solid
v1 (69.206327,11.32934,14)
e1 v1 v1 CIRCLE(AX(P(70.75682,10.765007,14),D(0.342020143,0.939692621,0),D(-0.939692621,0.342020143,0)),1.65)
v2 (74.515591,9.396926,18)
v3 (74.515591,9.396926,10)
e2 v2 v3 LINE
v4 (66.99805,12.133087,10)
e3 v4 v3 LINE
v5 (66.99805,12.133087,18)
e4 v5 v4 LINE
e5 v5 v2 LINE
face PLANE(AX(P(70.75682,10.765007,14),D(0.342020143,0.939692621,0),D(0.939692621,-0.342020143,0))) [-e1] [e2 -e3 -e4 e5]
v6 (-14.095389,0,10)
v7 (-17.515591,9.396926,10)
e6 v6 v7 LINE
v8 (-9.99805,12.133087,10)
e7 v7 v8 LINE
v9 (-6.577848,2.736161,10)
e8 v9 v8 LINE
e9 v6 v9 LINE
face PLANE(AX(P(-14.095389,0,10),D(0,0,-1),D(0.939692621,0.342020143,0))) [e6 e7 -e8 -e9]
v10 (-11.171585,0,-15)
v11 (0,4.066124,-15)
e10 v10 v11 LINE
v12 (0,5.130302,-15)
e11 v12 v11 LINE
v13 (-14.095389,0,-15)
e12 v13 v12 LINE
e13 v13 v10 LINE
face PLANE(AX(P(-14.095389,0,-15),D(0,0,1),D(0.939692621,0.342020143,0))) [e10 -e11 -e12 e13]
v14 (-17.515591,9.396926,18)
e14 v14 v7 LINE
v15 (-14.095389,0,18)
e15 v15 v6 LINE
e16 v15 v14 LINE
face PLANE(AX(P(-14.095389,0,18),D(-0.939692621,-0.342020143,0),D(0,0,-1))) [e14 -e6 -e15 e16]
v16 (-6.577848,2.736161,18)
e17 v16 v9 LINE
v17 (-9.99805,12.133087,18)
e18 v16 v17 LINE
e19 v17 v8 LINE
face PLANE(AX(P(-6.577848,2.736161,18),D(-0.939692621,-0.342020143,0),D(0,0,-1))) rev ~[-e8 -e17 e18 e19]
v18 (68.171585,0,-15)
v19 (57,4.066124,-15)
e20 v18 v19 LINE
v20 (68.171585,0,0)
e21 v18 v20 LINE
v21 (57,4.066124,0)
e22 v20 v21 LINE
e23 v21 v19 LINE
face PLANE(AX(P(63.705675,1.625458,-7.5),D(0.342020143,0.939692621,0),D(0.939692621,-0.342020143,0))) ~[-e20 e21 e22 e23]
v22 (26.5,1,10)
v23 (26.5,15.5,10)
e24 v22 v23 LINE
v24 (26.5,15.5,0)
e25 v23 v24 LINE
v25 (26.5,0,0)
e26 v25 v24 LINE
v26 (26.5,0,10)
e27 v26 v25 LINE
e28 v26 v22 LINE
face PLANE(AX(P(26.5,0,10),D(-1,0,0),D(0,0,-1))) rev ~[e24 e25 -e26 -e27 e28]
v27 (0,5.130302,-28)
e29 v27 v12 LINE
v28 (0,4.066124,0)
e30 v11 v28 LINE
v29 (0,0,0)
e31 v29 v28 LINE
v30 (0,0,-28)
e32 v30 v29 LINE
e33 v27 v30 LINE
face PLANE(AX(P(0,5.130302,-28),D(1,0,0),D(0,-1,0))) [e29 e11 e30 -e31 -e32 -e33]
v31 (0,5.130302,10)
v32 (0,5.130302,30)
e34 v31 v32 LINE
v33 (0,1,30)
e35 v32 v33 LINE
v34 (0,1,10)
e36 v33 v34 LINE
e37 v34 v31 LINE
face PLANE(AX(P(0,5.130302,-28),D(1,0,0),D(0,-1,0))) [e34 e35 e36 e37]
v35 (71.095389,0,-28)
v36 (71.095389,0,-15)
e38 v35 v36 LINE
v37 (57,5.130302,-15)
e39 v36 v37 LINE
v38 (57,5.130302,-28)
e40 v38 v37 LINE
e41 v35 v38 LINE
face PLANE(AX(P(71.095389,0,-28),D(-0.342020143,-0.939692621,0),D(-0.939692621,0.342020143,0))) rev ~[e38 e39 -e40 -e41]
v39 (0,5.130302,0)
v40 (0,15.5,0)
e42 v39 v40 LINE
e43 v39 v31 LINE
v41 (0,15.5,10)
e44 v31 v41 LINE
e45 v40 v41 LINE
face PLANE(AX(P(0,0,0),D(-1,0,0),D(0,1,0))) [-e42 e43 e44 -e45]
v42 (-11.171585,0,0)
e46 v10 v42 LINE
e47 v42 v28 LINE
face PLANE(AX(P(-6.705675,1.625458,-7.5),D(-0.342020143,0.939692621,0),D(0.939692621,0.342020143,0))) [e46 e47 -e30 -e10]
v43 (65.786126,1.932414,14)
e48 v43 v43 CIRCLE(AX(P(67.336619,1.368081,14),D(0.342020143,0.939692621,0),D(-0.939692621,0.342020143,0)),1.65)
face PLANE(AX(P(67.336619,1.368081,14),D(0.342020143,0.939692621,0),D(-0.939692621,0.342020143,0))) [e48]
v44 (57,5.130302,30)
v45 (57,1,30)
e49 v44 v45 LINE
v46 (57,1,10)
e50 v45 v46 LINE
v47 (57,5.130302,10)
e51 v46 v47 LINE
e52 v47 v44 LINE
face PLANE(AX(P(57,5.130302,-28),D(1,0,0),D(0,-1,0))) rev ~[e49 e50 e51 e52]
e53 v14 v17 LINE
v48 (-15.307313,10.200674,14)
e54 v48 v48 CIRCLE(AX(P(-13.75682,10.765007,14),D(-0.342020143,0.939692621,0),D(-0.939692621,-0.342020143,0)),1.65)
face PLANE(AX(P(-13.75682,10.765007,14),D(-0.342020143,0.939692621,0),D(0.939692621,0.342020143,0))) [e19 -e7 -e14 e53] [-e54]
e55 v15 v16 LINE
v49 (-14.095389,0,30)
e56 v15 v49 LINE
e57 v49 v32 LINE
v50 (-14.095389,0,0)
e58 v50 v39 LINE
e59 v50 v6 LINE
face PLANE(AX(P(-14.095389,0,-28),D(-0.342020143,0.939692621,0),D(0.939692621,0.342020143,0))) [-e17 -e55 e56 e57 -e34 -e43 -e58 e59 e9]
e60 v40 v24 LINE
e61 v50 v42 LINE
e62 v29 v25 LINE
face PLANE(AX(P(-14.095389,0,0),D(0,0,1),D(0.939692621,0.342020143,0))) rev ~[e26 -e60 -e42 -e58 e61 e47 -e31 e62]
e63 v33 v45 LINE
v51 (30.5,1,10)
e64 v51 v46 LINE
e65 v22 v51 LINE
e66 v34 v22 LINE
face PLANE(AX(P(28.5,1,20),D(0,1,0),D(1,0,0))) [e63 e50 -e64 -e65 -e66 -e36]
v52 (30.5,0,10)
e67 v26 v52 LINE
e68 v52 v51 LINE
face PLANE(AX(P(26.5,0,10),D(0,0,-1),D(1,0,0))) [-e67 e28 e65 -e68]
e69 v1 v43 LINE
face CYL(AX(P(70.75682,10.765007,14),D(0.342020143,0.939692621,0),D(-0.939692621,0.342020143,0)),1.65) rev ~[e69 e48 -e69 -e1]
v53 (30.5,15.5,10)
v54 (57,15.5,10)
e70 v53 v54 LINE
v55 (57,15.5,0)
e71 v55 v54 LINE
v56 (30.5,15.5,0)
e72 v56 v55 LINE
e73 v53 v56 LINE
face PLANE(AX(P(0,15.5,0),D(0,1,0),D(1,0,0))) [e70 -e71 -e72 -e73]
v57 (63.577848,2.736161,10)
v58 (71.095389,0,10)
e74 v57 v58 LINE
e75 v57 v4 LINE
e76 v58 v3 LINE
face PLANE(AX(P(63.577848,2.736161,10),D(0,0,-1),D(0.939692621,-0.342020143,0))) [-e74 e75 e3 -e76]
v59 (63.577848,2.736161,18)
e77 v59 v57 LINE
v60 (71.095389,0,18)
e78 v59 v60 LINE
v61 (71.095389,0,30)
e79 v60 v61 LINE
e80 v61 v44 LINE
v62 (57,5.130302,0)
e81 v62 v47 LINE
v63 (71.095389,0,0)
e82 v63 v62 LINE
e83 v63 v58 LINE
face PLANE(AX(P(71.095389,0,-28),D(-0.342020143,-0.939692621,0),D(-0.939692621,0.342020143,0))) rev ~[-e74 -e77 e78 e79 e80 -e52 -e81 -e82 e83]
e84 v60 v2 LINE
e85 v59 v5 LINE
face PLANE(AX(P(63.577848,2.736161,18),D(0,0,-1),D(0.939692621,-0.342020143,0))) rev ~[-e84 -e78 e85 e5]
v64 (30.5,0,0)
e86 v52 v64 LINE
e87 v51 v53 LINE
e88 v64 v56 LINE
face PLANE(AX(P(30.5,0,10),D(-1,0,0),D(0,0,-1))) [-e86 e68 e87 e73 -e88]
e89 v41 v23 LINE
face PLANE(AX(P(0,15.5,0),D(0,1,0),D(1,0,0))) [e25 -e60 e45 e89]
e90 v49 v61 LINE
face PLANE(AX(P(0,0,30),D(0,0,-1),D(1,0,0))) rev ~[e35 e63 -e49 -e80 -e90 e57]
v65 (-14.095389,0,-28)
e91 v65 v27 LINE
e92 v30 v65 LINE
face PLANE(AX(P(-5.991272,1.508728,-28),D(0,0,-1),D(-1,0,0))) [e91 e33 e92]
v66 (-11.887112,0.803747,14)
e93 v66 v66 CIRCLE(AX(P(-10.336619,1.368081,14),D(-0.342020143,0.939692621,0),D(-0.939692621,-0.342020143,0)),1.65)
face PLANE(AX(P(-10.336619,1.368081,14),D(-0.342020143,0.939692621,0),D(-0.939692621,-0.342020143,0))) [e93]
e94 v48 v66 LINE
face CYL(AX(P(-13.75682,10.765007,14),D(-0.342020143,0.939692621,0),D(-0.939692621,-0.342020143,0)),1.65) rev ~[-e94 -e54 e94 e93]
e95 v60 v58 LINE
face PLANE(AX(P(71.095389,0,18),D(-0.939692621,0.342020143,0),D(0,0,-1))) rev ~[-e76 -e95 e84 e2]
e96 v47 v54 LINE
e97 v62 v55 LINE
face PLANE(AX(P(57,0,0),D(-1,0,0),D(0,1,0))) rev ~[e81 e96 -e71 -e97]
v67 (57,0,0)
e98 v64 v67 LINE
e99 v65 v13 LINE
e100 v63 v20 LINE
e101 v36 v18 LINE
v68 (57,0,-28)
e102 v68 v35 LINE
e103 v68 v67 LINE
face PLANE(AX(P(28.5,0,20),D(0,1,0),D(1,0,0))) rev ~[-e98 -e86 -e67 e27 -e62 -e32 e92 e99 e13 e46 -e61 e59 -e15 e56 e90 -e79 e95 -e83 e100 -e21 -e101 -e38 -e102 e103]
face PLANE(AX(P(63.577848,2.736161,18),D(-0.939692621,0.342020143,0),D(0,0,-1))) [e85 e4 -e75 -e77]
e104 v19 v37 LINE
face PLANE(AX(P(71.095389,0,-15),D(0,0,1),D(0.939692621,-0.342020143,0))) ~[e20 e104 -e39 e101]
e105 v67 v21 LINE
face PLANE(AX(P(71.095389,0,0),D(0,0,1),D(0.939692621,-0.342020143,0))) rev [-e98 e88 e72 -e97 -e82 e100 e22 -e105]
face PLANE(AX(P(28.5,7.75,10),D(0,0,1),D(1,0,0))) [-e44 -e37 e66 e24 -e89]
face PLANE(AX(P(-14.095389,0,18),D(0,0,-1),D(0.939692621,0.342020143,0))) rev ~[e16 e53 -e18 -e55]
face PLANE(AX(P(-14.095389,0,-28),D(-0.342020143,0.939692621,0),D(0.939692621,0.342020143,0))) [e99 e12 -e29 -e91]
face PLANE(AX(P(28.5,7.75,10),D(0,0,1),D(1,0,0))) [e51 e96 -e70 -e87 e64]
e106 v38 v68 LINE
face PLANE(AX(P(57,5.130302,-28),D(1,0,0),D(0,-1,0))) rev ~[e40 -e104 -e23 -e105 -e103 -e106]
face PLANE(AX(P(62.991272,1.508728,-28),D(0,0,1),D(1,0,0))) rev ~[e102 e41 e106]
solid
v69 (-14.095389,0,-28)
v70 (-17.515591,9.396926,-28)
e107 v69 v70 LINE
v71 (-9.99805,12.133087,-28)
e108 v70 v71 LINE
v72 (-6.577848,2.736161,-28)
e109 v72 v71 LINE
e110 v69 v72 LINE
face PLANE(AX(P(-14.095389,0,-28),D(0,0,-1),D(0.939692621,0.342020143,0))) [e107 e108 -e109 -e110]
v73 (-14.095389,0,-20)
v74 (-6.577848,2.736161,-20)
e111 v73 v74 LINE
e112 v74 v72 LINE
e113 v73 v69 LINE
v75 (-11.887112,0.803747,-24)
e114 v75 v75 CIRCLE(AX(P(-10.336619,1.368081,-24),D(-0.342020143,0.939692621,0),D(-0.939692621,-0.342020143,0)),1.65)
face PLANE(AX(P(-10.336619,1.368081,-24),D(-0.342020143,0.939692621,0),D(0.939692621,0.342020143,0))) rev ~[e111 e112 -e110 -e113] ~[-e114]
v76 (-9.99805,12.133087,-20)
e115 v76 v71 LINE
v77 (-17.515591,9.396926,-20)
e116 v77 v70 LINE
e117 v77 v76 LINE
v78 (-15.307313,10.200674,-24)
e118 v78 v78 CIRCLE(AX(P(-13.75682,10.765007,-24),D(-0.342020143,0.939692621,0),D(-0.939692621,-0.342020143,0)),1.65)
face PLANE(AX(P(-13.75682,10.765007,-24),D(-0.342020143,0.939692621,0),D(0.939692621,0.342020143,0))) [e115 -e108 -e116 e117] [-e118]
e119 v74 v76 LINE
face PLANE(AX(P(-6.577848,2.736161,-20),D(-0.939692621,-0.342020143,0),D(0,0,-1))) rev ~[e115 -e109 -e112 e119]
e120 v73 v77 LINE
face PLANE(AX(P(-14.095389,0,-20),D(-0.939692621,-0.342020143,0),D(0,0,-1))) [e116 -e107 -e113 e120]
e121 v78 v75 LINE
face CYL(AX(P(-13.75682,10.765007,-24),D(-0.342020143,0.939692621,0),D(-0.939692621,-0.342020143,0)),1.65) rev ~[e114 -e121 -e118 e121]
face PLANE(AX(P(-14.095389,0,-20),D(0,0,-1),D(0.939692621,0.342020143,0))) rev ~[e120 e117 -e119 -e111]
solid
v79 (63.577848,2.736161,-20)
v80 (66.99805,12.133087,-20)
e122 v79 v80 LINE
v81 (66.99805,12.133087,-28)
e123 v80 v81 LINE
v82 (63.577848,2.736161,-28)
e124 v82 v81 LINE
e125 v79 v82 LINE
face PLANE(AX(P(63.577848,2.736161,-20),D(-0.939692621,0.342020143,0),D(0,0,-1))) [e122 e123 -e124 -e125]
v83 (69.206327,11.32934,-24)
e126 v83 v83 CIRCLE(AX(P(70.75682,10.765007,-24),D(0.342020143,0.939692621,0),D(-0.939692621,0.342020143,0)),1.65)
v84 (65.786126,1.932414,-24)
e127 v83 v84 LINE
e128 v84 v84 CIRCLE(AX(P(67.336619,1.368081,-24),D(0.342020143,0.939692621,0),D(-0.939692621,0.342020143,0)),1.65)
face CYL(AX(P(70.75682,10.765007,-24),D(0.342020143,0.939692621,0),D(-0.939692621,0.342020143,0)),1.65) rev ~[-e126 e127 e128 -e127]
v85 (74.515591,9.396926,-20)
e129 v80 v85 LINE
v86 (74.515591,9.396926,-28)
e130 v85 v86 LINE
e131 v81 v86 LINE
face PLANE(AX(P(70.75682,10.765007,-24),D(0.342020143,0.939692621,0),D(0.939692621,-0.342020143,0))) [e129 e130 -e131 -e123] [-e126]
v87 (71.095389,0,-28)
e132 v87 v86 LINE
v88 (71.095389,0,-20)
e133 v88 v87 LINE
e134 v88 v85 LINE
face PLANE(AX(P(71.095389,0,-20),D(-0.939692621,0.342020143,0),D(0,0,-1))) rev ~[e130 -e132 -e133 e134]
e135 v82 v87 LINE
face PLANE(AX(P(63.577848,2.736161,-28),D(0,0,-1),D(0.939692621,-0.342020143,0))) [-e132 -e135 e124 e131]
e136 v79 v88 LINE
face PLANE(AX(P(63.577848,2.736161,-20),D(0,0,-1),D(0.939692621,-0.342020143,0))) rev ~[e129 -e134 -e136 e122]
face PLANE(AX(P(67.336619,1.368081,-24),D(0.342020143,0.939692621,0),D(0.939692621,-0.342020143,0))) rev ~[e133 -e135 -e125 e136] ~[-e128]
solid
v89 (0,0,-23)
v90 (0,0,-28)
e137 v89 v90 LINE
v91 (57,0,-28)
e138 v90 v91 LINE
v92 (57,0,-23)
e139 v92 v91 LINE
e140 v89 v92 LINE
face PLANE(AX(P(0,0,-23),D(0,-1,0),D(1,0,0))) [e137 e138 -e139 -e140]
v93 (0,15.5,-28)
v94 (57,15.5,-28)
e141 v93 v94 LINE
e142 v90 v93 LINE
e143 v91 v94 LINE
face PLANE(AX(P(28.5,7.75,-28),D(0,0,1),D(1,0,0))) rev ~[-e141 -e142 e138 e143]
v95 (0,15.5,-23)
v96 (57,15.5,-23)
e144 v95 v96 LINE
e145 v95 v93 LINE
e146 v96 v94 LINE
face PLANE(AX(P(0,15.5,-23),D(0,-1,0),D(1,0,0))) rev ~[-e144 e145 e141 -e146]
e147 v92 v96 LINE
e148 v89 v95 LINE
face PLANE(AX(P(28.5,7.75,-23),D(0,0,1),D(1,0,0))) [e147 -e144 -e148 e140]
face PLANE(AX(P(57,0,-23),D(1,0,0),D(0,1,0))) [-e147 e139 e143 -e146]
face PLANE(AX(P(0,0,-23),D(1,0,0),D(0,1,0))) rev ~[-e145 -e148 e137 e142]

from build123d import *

# Parameters (mm, degrees)
BOSS_EXTRUDE1_DEPTH        = 30
BOSS_EXTRUDE1_DEPTH_BACK   = 28
BOSS_EXTRUDE1_2_DEPTH      = 30
BOSS_EXTRUDE1_2_DEPTH_BACK = 28
SKETCH3_W                  = 57
SKETCH3_H                  = 15.5
BOSS_EXTRUDE2_DEPTH        = 10
SKETCH4_W                  = 57
SKETCH4_H                  = 15.5
BOSS_EXTRUDE3_DEPTH        = 5
SKETCH8_W                  = 8
SKETCH8_H                  = 8
BOSS_EXTRUDE7_DEPTH        = 10
SKETCH9_R                  = 1.65
CUT_EXTRUDE1_DEPTH         = 10
SKETCH10_W                 = 8
SKETCH10_H                 = 8
BOSS_EXTRUDE8_DEPTH        = 10
SKETCH11_R                 = 1.65
CUT_EXTRUDE2_DEPTH         = 10
SKETCH12_W                 = 57
SKETCH12_H                 = 20
BOSS_EXTRUDE9_DEPTH        = 1
LPATTERN5_COUNT            = 2
LPATTERN5_PITCH            = 38
LPATTERN6_COUNT            = 2
LPATTERN6_PITCH            = 38
SKETCH13_W                 = 4
SKETCH13_H                 = 10
CUT_EXTRUDE3_DEPTH         = 15.5
SKETCH15_W                 = 15
SKETCH15_H                 = 15
CUT_EXTRUDE4_DEPTH         = 1


with BuildPart() as part:
    # Sketch2 → Boss-Extrude1 (new, two sides: drawn at the far end of the back side and taken through both)
    with BuildSketch(Plane.XY.offset(-BOSS_EXTRUDE1_DEPTH_BACK)):
        Polygon((-14.095389312, 0), (0, 5.13030215), (0, 0), align=None)
    extrude(amount=BOSS_EXTRUDE1_DEPTH + BOSS_EXTRUDE1_DEPTH_BACK)



with BuildPart() as body_2:
    # Sketch2 → Boss-Extrude1 2 (new, two sides: drawn at the far end of the back side and taken through both)
    with BuildSketch(Plane.XY.offset(-BOSS_EXTRUDE1_2_DEPTH_BACK)):
        Polygon((71.095389312, 0), (57, 5.13030215), (57, 0), align=None)
    extrude(amount=BOSS_EXTRUDE1_2_DEPTH + BOSS_EXTRUDE1_2_DEPTH_BACK)


with BuildPart() as part_1:
    add(part.part)

    add(body_2.part)  # Boss-Extrude2 merges body 2
    # Sketch3 → Boss-Extrude2 (add)
    with BuildSketch(Plane.XY):
        with Locations((28.5, 7.75)):
            Rectangle(SKETCH3_W, SKETCH3_H)
    extrude(amount=BOSS_EXTRUDE2_DEPTH)

    # Sketch12 → Boss-Extrude9 (add)
    with BuildSketch(Plane(origin=(0, 0, 0), x_dir=(1, 0, 0), z_dir=(0, 1, 0))):
        with Locations((28.5, -20)):
            Rectangle(SKETCH12_W, SKETCH12_H)
    extrude(amount=BOSS_EXTRUDE9_DEPTH)


with BuildPart() as body_2_2:
    # Sketch4 → Boss-Extrude3 (new body)
    with BuildSketch(Plane.XY.offset(-23)):
        with Locations((28.5, 7.75)):
            Rectangle(SKETCH4_W, SKETCH4_H)
    extrude(amount=-BOSS_EXTRUDE3_DEPTH)


with BuildPart() as body_3:
    # Sketch8 → Boss-Extrude7 (new body)
    with BuildSketch(Plane(origin=(-1.648847328, 4.530170802, 0), x_dir=(0.9396926207859082, 0.3420201433256695, 0), z_dir=(-0.3420201433256695, 0.9396926207859082, 0))):
        with Locations((-9.245333323, 24)):
            Rectangle(SKETCH8_W, SKETCH8_H)
    boss_extrude7 = extrude(amount=BOSS_EXTRUDE7_DEPTH)

    # Sketch9 → Cut-Extrude1 (cut)
    with BuildSketch(Plane(origin=(-5.069048761, 13.92709701, 0), x_dir=(0.9396926207859082, 0.34202014332566943, 0), z_dir=(-0.34202014332566943, 0.9396926207859082, 0))):
        with Locations(Location((-9.245333323, 24, 0), (0, 0, 180))):
            Circle(SKETCH9_R)
    cut_extrude1 = extrude(amount=-CUT_EXTRUDE1_DEPTH, mode=Mode.SUBTRACT)


with BuildPart() as body_4:
    # Sketch10 → Boss-Extrude8 (new body)
    with BuildSketch(Plane(origin=(8.316580699, 22.849617678, 0), x_dir=(0.9396926207859082, -0.34202014332566943, 0), z_dir=(0.34202014332566943, 0.9396926207859083, 0))):
        with Locations((62.807812708, 24)):
            Rectangle(SKETCH10_W, SKETCH10_H)
    boss_extrude8 = extrude(amount=BOSS_EXTRUDE8_DEPTH)

    # Sketch11 → Cut-Extrude2 (cut)
    with BuildSketch(Plane(origin=(11.736782132, 32.246543886, 0), x_dir=(0.9396926207859083, -0.342020143325669, 0), z_dir=(0.342020143325669, 0.9396926207859083, 0))):
        with Locations(Location((62.807812708, 24, 0), (0, 0, 180))):
            Circle(SKETCH11_R)
    cut_extrude2 = extrude(amount=-CUT_EXTRUDE2_DEPTH, mode=Mode.SUBTRACT)


with BuildPart() as part_2:
    add(part_1.part)

    # LPattern5: Boss-Extrude7, Cut-Extrude1 ×2
    with Locations(*[(0, 0, i * LPATTERN5_PITCH) for i in range(1, LPATTERN5_COUNT)]):
        add(boss_extrude7)
        add(cut_extrude1, mode=Mode.SUBTRACT)

    # LPattern6: Boss-Extrude8, Cut-Extrude2 ×2
    with Locations(*[(0, 0, i * LPATTERN6_PITCH) for i in range(1, LPATTERN6_COUNT)]):
        add(boss_extrude8)
        add(cut_extrude2, mode=Mode.SUBTRACT)

    # Sketch13 → Cut-Extrude3 (cut)
    with BuildSketch(Plane(origin=(0, 0, 0), x_dir=(1, 0, 0), z_dir=(0, 1, 0))):
        with Locations((28.5, -5)):
            Rectangle(SKETCH13_W, SKETCH13_H)
    extrude(amount=CUT_EXTRUDE3_DEPTH, mode=Mode.SUBTRACT)

    # Sketch15 → Cut-Extrude4 (cut)
    with BuildSketch(Plane(origin=(-1.648847328, 4.530170802, 0), x_dir=(0.9396926207859082, 0.3420201433256695, 0), z_dir=(-0.3420201433256695, 0.9396926207859082, 0))):
        with Locations((-5.745333323, 7.5)):
            Rectangle(SKETCH15_W, SKETCH15_H)
    cut_extrude4 = extrude(amount=-CUT_EXTRUDE4_DEPTH, mode=Mode.SUBTRACT)

    # Mirror5: Cut-Extrude4 across plane
    add(cut_extrude4.mirror(Plane(origin=(28.5, 0, 0), x_dir=(0, 0, 1), z_dir=(1, 0, 0))), mode=Mode.SUBTRACT)


solid = Compound([body_2_2.part, body_3.part, body_4.part, part_2.part])
